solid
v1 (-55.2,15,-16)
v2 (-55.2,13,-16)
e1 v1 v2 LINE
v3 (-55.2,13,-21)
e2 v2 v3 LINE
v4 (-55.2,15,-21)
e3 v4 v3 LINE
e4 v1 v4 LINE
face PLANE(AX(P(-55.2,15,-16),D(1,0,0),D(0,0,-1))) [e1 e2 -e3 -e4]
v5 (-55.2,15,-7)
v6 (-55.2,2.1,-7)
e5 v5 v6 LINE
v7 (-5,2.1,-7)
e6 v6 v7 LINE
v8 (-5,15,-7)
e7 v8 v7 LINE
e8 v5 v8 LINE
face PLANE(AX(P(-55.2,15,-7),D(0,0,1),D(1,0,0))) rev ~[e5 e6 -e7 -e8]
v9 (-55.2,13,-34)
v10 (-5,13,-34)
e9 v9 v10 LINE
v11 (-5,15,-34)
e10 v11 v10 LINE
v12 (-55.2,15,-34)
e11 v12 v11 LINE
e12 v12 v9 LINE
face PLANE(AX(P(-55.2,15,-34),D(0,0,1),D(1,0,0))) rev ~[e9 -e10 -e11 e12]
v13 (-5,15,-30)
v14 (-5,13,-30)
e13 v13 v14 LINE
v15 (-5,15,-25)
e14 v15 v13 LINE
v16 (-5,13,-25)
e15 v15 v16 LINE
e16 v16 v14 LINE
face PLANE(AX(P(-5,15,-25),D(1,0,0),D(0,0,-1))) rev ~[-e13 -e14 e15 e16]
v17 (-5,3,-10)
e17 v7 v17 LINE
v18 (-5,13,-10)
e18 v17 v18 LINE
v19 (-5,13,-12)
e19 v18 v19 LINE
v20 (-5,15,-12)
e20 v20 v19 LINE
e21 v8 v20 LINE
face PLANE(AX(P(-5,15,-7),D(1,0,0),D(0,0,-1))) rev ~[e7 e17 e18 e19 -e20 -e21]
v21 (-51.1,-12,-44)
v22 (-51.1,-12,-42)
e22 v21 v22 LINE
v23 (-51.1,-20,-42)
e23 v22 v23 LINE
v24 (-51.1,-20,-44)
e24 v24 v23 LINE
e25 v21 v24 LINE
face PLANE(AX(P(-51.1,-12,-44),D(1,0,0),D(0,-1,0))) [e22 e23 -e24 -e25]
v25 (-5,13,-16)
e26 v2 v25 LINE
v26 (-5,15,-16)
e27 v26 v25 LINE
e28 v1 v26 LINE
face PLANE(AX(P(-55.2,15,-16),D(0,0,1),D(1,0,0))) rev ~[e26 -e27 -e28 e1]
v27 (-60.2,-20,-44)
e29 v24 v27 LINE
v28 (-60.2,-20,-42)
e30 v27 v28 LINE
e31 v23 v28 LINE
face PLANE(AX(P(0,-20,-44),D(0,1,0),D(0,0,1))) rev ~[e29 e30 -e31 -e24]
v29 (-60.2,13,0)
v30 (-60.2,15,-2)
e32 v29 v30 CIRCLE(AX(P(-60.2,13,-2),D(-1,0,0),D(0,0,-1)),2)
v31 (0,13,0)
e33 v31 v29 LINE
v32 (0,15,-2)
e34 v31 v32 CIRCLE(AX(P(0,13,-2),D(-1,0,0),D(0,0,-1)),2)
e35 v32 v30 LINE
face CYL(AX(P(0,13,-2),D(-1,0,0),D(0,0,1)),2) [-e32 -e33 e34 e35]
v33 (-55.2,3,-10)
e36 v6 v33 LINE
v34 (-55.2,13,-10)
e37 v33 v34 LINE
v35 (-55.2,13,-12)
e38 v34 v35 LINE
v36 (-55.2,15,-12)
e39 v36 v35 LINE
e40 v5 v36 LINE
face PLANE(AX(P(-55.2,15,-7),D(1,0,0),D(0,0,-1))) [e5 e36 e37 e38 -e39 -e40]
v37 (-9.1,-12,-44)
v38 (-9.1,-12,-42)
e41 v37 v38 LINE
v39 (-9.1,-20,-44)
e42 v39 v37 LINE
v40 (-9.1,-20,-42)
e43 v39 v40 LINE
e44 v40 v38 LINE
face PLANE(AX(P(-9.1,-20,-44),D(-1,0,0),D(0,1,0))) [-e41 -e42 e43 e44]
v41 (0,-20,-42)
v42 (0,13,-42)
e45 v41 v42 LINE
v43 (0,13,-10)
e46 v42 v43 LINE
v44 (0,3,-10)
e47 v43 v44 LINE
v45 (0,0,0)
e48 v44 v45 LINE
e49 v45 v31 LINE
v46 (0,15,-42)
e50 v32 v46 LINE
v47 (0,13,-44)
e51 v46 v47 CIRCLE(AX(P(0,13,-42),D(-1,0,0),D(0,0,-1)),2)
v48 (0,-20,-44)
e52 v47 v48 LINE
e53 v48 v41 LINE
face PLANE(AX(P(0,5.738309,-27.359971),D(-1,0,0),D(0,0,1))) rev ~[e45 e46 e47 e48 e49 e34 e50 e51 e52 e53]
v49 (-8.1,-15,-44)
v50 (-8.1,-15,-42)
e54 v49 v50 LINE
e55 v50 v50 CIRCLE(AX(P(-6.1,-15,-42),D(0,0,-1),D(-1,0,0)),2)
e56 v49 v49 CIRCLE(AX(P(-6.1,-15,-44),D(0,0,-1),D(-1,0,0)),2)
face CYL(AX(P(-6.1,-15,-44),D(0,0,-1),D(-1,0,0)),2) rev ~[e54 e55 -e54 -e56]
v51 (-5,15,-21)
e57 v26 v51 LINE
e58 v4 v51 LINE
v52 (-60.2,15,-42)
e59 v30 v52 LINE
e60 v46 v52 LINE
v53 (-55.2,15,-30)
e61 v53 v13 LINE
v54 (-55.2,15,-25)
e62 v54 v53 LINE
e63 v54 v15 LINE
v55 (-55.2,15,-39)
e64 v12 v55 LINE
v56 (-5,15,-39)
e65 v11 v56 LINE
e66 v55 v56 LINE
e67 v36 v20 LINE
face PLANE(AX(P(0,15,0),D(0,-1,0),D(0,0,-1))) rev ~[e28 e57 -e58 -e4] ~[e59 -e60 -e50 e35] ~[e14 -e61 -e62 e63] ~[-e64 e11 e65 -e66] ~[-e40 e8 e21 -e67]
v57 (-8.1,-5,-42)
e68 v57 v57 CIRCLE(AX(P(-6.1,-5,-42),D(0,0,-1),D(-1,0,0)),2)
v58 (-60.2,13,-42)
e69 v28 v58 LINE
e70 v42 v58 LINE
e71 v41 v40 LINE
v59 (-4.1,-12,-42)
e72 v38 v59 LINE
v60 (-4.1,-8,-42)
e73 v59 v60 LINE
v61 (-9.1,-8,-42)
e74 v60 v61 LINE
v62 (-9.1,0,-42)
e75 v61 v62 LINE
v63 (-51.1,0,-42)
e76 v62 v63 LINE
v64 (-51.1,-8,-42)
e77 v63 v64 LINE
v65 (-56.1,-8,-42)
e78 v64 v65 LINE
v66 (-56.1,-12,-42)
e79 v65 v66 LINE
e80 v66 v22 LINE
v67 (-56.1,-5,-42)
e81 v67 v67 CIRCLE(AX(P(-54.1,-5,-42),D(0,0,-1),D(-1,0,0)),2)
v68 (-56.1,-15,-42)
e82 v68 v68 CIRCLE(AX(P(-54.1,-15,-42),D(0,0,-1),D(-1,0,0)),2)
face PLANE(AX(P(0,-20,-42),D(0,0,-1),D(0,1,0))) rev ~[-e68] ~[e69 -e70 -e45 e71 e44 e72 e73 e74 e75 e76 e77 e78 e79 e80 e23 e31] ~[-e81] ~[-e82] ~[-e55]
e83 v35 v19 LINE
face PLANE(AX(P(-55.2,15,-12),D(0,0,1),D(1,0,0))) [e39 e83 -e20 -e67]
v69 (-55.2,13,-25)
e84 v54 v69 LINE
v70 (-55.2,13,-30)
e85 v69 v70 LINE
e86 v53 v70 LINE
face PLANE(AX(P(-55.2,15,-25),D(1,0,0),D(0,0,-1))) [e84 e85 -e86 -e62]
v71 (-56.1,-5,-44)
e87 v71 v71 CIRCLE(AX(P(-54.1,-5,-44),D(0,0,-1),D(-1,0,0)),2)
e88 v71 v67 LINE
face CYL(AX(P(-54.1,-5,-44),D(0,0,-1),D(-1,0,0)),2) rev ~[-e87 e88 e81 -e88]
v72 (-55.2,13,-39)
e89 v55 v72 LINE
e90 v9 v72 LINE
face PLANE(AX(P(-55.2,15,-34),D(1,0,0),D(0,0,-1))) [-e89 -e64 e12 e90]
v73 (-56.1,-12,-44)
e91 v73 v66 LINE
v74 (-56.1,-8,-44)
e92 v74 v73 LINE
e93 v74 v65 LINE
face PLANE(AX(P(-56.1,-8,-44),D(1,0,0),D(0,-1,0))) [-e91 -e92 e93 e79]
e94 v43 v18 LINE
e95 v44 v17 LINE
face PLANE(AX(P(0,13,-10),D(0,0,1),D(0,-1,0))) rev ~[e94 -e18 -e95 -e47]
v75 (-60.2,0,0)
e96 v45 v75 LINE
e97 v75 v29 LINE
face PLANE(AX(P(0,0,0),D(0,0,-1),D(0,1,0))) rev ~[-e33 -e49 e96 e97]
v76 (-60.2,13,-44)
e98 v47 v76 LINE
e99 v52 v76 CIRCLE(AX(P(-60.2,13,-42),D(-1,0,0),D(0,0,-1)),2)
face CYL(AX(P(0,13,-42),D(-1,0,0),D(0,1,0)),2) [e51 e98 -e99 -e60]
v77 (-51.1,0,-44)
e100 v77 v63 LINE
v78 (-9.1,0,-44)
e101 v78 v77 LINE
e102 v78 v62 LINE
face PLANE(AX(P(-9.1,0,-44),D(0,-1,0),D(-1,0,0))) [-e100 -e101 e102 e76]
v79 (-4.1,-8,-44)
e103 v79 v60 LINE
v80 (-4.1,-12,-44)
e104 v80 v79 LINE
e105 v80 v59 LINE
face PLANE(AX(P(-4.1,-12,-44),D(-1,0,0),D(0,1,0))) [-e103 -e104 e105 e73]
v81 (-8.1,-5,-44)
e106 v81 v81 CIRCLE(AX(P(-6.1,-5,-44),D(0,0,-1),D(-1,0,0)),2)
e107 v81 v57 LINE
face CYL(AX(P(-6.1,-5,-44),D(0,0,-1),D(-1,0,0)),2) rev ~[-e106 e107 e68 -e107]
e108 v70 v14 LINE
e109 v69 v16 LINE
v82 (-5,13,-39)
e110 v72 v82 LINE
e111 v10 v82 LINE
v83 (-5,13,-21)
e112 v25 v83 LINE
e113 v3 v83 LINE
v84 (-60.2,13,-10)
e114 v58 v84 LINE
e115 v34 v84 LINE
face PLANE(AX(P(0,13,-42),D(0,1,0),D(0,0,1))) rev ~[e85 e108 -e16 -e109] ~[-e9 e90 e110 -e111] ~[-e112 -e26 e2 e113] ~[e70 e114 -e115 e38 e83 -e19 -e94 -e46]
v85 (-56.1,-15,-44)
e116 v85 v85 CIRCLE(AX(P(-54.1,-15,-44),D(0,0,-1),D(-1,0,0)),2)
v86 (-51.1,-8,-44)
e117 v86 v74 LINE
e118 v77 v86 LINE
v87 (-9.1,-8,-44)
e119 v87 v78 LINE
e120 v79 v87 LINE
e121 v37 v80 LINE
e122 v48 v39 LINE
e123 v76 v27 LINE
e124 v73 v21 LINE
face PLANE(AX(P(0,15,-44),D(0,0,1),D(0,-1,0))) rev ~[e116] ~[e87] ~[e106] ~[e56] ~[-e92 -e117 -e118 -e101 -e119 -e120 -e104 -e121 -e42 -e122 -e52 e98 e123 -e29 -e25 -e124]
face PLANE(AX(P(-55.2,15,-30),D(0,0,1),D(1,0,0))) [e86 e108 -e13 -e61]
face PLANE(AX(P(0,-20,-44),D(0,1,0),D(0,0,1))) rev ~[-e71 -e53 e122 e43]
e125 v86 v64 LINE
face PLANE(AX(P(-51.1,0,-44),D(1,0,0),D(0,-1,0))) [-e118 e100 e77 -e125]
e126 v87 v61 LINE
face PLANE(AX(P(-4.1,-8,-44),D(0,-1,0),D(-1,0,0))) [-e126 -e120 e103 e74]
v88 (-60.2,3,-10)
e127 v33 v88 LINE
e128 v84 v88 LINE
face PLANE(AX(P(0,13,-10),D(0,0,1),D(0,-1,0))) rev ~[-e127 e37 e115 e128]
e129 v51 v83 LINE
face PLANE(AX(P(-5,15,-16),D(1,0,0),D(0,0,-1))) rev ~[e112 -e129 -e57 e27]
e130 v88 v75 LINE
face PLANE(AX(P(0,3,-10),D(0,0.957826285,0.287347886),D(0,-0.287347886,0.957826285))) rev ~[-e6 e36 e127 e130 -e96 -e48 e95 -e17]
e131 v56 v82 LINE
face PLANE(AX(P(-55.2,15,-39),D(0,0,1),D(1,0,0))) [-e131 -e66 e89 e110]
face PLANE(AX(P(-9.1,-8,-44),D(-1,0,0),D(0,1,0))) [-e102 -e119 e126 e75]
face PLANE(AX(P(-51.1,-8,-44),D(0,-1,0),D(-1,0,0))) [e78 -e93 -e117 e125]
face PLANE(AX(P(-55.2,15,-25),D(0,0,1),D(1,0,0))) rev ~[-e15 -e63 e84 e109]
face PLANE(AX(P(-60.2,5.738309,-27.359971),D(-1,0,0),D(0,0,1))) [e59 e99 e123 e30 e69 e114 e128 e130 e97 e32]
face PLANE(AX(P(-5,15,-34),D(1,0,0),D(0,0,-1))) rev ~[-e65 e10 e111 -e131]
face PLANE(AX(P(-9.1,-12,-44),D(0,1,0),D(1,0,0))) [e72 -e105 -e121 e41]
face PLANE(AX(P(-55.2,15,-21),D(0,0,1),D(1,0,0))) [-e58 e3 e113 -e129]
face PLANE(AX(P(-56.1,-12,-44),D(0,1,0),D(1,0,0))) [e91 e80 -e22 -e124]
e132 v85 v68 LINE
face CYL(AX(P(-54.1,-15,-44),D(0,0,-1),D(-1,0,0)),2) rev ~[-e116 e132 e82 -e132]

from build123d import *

# Parameters (mm, degrees)
BOSS_EXTRUDE1_DEPTH = 60.2
SKETCH3_R           = 2
CUT_EXTRUDE1_DEPTH  = 20
SKETCH4_W           = 50.2
SKETCH4_H           = 5
CUT_EXTRUDE2_DEPTH  = 20
LPATTERN1_COUNT     = 4
LPATTERN1_PITCH     = 9
FILLET1_R           = 2


with BuildPart() as part:
    # Sketch1 → Boss-Extrude1 (new body)
    with BuildSketch(Plane(origin=(0, 0, 0), x_dir=(0, 0, -1), z_dir=(1, 0, 0))):
        Polygon((0, 0), (0, 15), (44, 15), (44, -20), (42, -20), (42, 13), (10, 13), (10, 3), align=None)
    extrude(amount=-BOSS_EXTRUDE1_DEPTH)

    # Sketch3 → Cut-Extrude1 (cut)
    with BuildSketch(Plane(origin=(0, 0, -44), x_dir=(-1, 0, 0), z_dir=(0, 0, -1))):
        with Locations((54.1, -15)):
            Circle(SKETCH3_R)
        with Locations((54.1, -5)):
            Circle(SKETCH3_R)
        with Locations((6.1, -15)):
            Circle(SKETCH3_R)
        with Locations((6.1, -5)):
            Circle(SKETCH3_R)
        Polygon((9.1, -8), (9.1, 0), (51.1, 0), (51.1, -8), (56.1, -8), (56.1, -12), (51.1, -12), (51.1, -20), (9.1, -20), (9.1, -12), (4.1, -12), (4.1, -8), align=None)
    extrude(amount=-CUT_EXTRUDE1_DEPTH, mode=Mode.SUBTRACT)

    # Sketch4 → Cut-Extrude2 (cut)
    with BuildSketch(Plane(origin=(0, 15, 0), x_dir=(1, 0, 0), z_dir=(0, 1, 0))):
        with Locations((-30.1, 36.5)):
            Rectangle(SKETCH4_W, SKETCH4_H)
    cut_extrude2 = extrude(amount=-CUT_EXTRUDE2_DEPTH, mode=Mode.SUBTRACT)

    # LPattern1: Cut-Extrude2 ×4
    with Locations(*[(0, 0, i * LPATTERN1_PITCH) for i in range(1, LPATTERN1_COUNT)]):
        add(cut_extrude2, mode=Mode.SUBTRACT)

    # Fillet1
    fillet1_edges = [part.edges().sort_by_distance(p)[0] for p in [
        (-30.1, 15, 0),
        (-30.1, 15, -44),
    ]]
    fillet(fillet1_edges, radius=FILLET1_R)


solid = part.part
